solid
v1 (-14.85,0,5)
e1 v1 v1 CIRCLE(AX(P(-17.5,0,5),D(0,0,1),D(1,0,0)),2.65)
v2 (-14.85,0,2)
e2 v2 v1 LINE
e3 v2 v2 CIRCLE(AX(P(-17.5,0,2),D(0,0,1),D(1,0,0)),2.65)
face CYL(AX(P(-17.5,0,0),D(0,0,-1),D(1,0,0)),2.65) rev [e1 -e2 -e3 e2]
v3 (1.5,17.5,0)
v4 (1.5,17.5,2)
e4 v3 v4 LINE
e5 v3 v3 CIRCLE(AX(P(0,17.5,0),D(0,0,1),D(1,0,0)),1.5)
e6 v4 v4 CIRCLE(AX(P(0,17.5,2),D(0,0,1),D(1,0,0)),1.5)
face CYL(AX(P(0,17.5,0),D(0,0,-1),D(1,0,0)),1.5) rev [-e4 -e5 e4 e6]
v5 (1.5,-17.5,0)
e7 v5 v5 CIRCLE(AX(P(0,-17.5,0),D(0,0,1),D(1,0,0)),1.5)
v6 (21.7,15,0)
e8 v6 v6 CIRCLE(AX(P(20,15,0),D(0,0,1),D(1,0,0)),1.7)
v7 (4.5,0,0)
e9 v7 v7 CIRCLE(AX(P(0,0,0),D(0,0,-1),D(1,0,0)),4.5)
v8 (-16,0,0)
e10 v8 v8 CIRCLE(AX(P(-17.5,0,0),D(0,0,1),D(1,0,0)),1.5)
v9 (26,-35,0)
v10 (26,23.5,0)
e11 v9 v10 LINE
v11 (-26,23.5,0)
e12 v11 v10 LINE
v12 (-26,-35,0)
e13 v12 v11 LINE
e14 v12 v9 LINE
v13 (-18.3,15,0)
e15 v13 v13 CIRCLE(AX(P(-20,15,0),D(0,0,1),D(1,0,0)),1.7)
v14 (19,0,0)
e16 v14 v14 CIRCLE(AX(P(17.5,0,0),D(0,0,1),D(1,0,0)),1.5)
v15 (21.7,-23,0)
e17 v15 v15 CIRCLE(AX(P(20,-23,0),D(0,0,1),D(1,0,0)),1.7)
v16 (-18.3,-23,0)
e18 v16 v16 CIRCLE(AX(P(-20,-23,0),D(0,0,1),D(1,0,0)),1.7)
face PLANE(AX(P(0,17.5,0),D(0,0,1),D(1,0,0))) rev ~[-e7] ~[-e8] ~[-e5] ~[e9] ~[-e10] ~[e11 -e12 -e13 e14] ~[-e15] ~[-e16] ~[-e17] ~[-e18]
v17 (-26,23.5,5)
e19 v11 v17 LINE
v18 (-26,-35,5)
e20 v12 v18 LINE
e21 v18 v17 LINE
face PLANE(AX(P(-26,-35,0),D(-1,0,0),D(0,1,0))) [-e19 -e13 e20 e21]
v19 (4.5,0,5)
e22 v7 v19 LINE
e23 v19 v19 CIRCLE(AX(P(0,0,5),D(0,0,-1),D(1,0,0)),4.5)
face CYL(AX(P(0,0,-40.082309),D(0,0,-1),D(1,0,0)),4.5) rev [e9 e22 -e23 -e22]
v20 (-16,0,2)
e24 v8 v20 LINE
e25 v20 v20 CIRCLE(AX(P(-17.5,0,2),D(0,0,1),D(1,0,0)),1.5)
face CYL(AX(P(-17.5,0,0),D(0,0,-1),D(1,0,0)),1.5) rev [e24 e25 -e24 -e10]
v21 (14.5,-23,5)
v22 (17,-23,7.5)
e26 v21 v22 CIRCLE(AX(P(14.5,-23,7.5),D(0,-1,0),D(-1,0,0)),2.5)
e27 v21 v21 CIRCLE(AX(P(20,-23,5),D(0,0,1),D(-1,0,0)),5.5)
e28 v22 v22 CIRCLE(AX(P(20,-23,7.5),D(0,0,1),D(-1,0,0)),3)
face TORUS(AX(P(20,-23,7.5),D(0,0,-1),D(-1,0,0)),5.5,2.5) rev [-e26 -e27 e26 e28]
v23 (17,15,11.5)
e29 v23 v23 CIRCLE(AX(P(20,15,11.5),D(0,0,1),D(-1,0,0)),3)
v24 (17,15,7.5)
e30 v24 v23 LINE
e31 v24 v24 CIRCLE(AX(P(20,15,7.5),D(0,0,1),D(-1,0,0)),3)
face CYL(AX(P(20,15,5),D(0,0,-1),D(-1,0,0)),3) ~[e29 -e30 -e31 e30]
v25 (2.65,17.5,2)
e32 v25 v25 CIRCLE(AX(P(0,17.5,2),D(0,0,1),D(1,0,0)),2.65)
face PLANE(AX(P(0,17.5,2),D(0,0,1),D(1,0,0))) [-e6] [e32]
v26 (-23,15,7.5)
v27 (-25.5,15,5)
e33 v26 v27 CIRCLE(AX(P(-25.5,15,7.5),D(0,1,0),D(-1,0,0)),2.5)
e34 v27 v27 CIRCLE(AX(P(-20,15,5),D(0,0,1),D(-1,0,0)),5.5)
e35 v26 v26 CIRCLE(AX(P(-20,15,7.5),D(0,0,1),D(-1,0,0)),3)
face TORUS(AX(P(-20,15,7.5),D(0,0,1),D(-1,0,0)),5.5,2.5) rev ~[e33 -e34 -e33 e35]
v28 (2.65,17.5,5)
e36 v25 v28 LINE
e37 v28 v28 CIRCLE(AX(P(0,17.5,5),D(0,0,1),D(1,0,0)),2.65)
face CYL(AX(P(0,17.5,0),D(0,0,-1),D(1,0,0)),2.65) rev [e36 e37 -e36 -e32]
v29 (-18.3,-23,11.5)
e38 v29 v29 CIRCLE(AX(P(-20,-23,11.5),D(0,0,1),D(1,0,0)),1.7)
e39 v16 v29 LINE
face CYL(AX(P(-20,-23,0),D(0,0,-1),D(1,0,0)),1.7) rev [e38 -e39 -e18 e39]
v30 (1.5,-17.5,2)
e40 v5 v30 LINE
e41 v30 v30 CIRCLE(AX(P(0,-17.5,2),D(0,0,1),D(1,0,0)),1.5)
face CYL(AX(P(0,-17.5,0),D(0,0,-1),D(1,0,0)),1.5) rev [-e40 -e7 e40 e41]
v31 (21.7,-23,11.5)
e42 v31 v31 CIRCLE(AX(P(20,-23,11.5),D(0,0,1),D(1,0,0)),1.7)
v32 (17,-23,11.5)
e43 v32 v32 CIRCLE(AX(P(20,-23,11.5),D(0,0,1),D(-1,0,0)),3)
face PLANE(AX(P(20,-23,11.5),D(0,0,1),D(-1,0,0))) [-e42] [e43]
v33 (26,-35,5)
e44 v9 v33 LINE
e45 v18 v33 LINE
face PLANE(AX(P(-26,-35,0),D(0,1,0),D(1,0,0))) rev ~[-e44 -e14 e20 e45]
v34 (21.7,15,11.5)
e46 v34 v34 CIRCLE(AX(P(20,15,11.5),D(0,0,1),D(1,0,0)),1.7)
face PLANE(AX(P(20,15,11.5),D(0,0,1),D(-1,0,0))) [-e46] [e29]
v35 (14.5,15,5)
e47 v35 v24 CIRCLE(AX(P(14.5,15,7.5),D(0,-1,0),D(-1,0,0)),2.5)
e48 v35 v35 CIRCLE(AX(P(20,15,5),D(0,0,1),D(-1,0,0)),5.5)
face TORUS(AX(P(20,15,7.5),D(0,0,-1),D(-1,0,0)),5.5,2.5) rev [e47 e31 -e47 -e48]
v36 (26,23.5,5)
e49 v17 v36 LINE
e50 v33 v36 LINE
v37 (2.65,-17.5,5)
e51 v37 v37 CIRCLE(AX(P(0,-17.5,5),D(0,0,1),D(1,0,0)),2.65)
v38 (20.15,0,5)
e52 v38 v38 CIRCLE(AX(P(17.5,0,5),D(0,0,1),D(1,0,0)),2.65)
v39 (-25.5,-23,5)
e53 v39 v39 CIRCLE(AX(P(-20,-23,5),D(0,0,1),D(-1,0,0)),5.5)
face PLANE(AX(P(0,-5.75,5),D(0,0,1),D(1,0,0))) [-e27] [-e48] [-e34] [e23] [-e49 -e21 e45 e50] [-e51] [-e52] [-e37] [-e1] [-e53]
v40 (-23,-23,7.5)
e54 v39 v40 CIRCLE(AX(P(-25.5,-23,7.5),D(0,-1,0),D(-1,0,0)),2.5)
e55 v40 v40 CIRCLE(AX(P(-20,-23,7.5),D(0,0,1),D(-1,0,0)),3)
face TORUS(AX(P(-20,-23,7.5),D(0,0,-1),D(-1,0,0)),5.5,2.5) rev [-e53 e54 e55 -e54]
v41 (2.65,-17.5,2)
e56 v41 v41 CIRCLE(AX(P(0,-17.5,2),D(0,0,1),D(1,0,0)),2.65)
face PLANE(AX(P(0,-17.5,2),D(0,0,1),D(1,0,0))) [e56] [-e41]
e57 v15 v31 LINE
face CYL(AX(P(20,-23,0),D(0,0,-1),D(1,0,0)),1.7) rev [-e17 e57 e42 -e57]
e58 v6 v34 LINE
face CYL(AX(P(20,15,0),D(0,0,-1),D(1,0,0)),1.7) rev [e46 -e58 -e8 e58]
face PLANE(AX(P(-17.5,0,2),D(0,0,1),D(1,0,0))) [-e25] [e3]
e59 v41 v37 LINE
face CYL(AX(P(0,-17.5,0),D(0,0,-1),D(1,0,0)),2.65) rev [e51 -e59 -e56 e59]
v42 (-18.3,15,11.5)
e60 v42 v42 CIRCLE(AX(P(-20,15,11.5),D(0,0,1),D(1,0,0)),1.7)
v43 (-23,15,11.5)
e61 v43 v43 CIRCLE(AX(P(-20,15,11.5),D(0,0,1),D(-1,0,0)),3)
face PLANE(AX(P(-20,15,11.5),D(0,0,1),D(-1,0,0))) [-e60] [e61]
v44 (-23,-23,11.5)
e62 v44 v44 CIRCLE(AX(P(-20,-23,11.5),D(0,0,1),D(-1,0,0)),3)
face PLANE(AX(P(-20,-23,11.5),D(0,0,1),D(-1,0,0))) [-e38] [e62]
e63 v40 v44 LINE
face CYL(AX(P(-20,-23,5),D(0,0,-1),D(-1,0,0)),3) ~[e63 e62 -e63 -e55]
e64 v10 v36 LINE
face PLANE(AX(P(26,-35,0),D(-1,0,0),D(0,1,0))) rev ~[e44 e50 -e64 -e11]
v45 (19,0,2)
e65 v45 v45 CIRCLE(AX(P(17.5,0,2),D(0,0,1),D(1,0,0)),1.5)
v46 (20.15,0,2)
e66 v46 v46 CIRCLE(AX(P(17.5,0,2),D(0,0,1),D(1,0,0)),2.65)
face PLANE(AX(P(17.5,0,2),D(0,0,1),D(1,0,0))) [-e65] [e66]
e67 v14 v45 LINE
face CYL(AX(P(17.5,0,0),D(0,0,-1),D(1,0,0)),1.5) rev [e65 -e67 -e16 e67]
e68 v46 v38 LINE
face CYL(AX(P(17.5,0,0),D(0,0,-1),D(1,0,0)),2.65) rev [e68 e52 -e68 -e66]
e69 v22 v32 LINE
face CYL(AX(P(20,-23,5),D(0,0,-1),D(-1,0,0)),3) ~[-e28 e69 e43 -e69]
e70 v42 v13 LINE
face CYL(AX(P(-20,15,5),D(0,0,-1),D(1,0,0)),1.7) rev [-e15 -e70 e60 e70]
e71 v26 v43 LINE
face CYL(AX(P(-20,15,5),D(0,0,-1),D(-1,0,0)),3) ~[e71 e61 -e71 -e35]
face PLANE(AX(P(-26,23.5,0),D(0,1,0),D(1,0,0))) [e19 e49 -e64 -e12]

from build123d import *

# Parameters (mm, degrees)
SKETCH2_W               = 52
SKETCH2_H               = 58.5
SKETCH2_R               = 1.7
SKETCH2_R_2             = 2.65
BOSS_EXTRUDE1_DEPTH     = 5
SKETCH2_3_R             = 2.65
SKETCH2_3_R_2           = 1.5
BOSS_EXTRUDE2_DEPTH     = 2
SKETCH3_R               = 3
SKETCH3_R_2             = 1.7
BOSS_EXTRUDE3_DEPTH     = 6.5
CUT_EXTRUDE1_DEPTH      = 45.082309377
CUT_EXTRUDE1_DEPTH_BACK = 45.082309377
SKETCH4_R               = 4.5
FILLET1_R               = 2.5


with BuildPart() as part:
    # Sketch2 → Boss-Extrude1 (new body)
    with BuildSketch(Plane.XY):
        with Locations((0, -5.75)):
            Rectangle(SKETCH2_W, SKETCH2_H)
        with Locations((-20, -23)):
            Circle(SKETCH2_R, mode=Mode.SUBTRACT)
        with Locations((20, -23)):
            Circle(SKETCH2_R, mode=Mode.SUBTRACT)
        with Locations((0, -17.5)):
            Circle(SKETCH2_R_2, mode=Mode.SUBTRACT)
        with Locations((-17.5, 0)):
            Circle(SKETCH2_R_2, mode=Mode.SUBTRACT)
        with Locations((-20, 15)):
            Circle(SKETCH2_R, mode=Mode.SUBTRACT)
        with Locations((17.5, 0)):
            Circle(SKETCH2_R_2, mode=Mode.SUBTRACT)
        with Locations((0, 17.5)):
            Circle(SKETCH2_R_2, mode=Mode.SUBTRACT)
        with Locations((20, 15)):
            Circle(SKETCH2_R, mode=Mode.SUBTRACT)
    extrude(amount=BOSS_EXTRUDE1_DEPTH)

    # Sketch2<3> → Boss-Extrude2 (add)
    # profile 1 of 4: a face of its own
    with BuildSketch(Plane.XY):
        with Locations((0, 17.5)):
            Circle(SKETCH2_3_R)
        with Locations((0, 17.5)):
            Circle(SKETCH2_3_R_2, mode=Mode.SUBTRACT)
    # profile 2 of 4: a face of its own
    with BuildSketch(Plane.XY):
        with Locations((17.5, 0)):
            Circle(SKETCH2_3_R)
        with Locations((17.5, 0)):
            Circle(SKETCH2_3_R_2, mode=Mode.SUBTRACT)
    # profile 3 of 4: a face of its own
    with BuildSketch(Plane.XY):
        with Locations((0, -17.5)):
            Circle(SKETCH2_3_R)
        with Locations((0, -17.5)):
            Circle(SKETCH2_3_R_2, mode=Mode.SUBTRACT)
    # profile 4 of 4: a face of its own
    with BuildSketch(Plane.XY):
        with Locations((-17.5, 0)):
            Circle(SKETCH2_3_R)
        with Locations((-17.5, 0)):
            Circle(SKETCH2_3_R_2, mode=Mode.SUBTRACT)
    extrude(amount=BOSS_EXTRUDE2_DEPTH)

    # Sketch3 → Boss-Extrude3 (add)
    # profile 1 of 4: a face of its own
    with BuildSketch(Plane.XY.offset(5)):
        with Locations((-20, 15)):
            Circle(SKETCH3_R)
        with Locations((-20, 15)):
            Circle(SKETCH3_R_2, mode=Mode.SUBTRACT)
    # profile 2 of 4: a face of its own
    with BuildSketch(Plane.XY.offset(5)):
        with Locations((20, 15)):
            Circle(SKETCH3_R)
        with Locations((20, 15)):
            Circle(SKETCH3_R_2, mode=Mode.SUBTRACT)
    # profile 3 of 4: a face of its own
    with BuildSketch(Plane.XY.offset(5)):
        with Locations((-20, -23)):
            Circle(SKETCH3_R)
        with Locations((-20, -23)):
            Circle(SKETCH3_R_2, mode=Mode.SUBTRACT)
    # profile 4 of 4: a face of its own
    with BuildSketch(Plane.XY.offset(5)):
        with Locations((20, -23)):
            Circle(SKETCH3_R)
        with Locations((20, -23)):
            Circle(SKETCH3_R_2, mode=Mode.SUBTRACT)
    extrude(amount=BOSS_EXTRUDE3_DEPTH)

    # Sketch4 → Cut-Extrude1 (cut, two sides: drawn at the far end of the back side and taken through both)
    with BuildSketch(Plane.XY.offset(5).offset(-CUT_EXTRUDE1_DEPTH_BACK)):
        Circle(SKETCH4_R)
    extrude(amount=CUT_EXTRUDE1_DEPTH + CUT_EXTRUDE1_DEPTH_BACK, mode=Mode.SUBTRACT)

    # Fillet1
    fillet1_edges = [part.edges().sort_by_distance(p)[0] for p in [
        (17, -23, 5),
        (-23, -23, 5),
        (17, 15, 5),
        (-23, 15, 5),
    ]]
    fillet(fillet1_edges, radius=FILLET1_R)


solid = part.part
